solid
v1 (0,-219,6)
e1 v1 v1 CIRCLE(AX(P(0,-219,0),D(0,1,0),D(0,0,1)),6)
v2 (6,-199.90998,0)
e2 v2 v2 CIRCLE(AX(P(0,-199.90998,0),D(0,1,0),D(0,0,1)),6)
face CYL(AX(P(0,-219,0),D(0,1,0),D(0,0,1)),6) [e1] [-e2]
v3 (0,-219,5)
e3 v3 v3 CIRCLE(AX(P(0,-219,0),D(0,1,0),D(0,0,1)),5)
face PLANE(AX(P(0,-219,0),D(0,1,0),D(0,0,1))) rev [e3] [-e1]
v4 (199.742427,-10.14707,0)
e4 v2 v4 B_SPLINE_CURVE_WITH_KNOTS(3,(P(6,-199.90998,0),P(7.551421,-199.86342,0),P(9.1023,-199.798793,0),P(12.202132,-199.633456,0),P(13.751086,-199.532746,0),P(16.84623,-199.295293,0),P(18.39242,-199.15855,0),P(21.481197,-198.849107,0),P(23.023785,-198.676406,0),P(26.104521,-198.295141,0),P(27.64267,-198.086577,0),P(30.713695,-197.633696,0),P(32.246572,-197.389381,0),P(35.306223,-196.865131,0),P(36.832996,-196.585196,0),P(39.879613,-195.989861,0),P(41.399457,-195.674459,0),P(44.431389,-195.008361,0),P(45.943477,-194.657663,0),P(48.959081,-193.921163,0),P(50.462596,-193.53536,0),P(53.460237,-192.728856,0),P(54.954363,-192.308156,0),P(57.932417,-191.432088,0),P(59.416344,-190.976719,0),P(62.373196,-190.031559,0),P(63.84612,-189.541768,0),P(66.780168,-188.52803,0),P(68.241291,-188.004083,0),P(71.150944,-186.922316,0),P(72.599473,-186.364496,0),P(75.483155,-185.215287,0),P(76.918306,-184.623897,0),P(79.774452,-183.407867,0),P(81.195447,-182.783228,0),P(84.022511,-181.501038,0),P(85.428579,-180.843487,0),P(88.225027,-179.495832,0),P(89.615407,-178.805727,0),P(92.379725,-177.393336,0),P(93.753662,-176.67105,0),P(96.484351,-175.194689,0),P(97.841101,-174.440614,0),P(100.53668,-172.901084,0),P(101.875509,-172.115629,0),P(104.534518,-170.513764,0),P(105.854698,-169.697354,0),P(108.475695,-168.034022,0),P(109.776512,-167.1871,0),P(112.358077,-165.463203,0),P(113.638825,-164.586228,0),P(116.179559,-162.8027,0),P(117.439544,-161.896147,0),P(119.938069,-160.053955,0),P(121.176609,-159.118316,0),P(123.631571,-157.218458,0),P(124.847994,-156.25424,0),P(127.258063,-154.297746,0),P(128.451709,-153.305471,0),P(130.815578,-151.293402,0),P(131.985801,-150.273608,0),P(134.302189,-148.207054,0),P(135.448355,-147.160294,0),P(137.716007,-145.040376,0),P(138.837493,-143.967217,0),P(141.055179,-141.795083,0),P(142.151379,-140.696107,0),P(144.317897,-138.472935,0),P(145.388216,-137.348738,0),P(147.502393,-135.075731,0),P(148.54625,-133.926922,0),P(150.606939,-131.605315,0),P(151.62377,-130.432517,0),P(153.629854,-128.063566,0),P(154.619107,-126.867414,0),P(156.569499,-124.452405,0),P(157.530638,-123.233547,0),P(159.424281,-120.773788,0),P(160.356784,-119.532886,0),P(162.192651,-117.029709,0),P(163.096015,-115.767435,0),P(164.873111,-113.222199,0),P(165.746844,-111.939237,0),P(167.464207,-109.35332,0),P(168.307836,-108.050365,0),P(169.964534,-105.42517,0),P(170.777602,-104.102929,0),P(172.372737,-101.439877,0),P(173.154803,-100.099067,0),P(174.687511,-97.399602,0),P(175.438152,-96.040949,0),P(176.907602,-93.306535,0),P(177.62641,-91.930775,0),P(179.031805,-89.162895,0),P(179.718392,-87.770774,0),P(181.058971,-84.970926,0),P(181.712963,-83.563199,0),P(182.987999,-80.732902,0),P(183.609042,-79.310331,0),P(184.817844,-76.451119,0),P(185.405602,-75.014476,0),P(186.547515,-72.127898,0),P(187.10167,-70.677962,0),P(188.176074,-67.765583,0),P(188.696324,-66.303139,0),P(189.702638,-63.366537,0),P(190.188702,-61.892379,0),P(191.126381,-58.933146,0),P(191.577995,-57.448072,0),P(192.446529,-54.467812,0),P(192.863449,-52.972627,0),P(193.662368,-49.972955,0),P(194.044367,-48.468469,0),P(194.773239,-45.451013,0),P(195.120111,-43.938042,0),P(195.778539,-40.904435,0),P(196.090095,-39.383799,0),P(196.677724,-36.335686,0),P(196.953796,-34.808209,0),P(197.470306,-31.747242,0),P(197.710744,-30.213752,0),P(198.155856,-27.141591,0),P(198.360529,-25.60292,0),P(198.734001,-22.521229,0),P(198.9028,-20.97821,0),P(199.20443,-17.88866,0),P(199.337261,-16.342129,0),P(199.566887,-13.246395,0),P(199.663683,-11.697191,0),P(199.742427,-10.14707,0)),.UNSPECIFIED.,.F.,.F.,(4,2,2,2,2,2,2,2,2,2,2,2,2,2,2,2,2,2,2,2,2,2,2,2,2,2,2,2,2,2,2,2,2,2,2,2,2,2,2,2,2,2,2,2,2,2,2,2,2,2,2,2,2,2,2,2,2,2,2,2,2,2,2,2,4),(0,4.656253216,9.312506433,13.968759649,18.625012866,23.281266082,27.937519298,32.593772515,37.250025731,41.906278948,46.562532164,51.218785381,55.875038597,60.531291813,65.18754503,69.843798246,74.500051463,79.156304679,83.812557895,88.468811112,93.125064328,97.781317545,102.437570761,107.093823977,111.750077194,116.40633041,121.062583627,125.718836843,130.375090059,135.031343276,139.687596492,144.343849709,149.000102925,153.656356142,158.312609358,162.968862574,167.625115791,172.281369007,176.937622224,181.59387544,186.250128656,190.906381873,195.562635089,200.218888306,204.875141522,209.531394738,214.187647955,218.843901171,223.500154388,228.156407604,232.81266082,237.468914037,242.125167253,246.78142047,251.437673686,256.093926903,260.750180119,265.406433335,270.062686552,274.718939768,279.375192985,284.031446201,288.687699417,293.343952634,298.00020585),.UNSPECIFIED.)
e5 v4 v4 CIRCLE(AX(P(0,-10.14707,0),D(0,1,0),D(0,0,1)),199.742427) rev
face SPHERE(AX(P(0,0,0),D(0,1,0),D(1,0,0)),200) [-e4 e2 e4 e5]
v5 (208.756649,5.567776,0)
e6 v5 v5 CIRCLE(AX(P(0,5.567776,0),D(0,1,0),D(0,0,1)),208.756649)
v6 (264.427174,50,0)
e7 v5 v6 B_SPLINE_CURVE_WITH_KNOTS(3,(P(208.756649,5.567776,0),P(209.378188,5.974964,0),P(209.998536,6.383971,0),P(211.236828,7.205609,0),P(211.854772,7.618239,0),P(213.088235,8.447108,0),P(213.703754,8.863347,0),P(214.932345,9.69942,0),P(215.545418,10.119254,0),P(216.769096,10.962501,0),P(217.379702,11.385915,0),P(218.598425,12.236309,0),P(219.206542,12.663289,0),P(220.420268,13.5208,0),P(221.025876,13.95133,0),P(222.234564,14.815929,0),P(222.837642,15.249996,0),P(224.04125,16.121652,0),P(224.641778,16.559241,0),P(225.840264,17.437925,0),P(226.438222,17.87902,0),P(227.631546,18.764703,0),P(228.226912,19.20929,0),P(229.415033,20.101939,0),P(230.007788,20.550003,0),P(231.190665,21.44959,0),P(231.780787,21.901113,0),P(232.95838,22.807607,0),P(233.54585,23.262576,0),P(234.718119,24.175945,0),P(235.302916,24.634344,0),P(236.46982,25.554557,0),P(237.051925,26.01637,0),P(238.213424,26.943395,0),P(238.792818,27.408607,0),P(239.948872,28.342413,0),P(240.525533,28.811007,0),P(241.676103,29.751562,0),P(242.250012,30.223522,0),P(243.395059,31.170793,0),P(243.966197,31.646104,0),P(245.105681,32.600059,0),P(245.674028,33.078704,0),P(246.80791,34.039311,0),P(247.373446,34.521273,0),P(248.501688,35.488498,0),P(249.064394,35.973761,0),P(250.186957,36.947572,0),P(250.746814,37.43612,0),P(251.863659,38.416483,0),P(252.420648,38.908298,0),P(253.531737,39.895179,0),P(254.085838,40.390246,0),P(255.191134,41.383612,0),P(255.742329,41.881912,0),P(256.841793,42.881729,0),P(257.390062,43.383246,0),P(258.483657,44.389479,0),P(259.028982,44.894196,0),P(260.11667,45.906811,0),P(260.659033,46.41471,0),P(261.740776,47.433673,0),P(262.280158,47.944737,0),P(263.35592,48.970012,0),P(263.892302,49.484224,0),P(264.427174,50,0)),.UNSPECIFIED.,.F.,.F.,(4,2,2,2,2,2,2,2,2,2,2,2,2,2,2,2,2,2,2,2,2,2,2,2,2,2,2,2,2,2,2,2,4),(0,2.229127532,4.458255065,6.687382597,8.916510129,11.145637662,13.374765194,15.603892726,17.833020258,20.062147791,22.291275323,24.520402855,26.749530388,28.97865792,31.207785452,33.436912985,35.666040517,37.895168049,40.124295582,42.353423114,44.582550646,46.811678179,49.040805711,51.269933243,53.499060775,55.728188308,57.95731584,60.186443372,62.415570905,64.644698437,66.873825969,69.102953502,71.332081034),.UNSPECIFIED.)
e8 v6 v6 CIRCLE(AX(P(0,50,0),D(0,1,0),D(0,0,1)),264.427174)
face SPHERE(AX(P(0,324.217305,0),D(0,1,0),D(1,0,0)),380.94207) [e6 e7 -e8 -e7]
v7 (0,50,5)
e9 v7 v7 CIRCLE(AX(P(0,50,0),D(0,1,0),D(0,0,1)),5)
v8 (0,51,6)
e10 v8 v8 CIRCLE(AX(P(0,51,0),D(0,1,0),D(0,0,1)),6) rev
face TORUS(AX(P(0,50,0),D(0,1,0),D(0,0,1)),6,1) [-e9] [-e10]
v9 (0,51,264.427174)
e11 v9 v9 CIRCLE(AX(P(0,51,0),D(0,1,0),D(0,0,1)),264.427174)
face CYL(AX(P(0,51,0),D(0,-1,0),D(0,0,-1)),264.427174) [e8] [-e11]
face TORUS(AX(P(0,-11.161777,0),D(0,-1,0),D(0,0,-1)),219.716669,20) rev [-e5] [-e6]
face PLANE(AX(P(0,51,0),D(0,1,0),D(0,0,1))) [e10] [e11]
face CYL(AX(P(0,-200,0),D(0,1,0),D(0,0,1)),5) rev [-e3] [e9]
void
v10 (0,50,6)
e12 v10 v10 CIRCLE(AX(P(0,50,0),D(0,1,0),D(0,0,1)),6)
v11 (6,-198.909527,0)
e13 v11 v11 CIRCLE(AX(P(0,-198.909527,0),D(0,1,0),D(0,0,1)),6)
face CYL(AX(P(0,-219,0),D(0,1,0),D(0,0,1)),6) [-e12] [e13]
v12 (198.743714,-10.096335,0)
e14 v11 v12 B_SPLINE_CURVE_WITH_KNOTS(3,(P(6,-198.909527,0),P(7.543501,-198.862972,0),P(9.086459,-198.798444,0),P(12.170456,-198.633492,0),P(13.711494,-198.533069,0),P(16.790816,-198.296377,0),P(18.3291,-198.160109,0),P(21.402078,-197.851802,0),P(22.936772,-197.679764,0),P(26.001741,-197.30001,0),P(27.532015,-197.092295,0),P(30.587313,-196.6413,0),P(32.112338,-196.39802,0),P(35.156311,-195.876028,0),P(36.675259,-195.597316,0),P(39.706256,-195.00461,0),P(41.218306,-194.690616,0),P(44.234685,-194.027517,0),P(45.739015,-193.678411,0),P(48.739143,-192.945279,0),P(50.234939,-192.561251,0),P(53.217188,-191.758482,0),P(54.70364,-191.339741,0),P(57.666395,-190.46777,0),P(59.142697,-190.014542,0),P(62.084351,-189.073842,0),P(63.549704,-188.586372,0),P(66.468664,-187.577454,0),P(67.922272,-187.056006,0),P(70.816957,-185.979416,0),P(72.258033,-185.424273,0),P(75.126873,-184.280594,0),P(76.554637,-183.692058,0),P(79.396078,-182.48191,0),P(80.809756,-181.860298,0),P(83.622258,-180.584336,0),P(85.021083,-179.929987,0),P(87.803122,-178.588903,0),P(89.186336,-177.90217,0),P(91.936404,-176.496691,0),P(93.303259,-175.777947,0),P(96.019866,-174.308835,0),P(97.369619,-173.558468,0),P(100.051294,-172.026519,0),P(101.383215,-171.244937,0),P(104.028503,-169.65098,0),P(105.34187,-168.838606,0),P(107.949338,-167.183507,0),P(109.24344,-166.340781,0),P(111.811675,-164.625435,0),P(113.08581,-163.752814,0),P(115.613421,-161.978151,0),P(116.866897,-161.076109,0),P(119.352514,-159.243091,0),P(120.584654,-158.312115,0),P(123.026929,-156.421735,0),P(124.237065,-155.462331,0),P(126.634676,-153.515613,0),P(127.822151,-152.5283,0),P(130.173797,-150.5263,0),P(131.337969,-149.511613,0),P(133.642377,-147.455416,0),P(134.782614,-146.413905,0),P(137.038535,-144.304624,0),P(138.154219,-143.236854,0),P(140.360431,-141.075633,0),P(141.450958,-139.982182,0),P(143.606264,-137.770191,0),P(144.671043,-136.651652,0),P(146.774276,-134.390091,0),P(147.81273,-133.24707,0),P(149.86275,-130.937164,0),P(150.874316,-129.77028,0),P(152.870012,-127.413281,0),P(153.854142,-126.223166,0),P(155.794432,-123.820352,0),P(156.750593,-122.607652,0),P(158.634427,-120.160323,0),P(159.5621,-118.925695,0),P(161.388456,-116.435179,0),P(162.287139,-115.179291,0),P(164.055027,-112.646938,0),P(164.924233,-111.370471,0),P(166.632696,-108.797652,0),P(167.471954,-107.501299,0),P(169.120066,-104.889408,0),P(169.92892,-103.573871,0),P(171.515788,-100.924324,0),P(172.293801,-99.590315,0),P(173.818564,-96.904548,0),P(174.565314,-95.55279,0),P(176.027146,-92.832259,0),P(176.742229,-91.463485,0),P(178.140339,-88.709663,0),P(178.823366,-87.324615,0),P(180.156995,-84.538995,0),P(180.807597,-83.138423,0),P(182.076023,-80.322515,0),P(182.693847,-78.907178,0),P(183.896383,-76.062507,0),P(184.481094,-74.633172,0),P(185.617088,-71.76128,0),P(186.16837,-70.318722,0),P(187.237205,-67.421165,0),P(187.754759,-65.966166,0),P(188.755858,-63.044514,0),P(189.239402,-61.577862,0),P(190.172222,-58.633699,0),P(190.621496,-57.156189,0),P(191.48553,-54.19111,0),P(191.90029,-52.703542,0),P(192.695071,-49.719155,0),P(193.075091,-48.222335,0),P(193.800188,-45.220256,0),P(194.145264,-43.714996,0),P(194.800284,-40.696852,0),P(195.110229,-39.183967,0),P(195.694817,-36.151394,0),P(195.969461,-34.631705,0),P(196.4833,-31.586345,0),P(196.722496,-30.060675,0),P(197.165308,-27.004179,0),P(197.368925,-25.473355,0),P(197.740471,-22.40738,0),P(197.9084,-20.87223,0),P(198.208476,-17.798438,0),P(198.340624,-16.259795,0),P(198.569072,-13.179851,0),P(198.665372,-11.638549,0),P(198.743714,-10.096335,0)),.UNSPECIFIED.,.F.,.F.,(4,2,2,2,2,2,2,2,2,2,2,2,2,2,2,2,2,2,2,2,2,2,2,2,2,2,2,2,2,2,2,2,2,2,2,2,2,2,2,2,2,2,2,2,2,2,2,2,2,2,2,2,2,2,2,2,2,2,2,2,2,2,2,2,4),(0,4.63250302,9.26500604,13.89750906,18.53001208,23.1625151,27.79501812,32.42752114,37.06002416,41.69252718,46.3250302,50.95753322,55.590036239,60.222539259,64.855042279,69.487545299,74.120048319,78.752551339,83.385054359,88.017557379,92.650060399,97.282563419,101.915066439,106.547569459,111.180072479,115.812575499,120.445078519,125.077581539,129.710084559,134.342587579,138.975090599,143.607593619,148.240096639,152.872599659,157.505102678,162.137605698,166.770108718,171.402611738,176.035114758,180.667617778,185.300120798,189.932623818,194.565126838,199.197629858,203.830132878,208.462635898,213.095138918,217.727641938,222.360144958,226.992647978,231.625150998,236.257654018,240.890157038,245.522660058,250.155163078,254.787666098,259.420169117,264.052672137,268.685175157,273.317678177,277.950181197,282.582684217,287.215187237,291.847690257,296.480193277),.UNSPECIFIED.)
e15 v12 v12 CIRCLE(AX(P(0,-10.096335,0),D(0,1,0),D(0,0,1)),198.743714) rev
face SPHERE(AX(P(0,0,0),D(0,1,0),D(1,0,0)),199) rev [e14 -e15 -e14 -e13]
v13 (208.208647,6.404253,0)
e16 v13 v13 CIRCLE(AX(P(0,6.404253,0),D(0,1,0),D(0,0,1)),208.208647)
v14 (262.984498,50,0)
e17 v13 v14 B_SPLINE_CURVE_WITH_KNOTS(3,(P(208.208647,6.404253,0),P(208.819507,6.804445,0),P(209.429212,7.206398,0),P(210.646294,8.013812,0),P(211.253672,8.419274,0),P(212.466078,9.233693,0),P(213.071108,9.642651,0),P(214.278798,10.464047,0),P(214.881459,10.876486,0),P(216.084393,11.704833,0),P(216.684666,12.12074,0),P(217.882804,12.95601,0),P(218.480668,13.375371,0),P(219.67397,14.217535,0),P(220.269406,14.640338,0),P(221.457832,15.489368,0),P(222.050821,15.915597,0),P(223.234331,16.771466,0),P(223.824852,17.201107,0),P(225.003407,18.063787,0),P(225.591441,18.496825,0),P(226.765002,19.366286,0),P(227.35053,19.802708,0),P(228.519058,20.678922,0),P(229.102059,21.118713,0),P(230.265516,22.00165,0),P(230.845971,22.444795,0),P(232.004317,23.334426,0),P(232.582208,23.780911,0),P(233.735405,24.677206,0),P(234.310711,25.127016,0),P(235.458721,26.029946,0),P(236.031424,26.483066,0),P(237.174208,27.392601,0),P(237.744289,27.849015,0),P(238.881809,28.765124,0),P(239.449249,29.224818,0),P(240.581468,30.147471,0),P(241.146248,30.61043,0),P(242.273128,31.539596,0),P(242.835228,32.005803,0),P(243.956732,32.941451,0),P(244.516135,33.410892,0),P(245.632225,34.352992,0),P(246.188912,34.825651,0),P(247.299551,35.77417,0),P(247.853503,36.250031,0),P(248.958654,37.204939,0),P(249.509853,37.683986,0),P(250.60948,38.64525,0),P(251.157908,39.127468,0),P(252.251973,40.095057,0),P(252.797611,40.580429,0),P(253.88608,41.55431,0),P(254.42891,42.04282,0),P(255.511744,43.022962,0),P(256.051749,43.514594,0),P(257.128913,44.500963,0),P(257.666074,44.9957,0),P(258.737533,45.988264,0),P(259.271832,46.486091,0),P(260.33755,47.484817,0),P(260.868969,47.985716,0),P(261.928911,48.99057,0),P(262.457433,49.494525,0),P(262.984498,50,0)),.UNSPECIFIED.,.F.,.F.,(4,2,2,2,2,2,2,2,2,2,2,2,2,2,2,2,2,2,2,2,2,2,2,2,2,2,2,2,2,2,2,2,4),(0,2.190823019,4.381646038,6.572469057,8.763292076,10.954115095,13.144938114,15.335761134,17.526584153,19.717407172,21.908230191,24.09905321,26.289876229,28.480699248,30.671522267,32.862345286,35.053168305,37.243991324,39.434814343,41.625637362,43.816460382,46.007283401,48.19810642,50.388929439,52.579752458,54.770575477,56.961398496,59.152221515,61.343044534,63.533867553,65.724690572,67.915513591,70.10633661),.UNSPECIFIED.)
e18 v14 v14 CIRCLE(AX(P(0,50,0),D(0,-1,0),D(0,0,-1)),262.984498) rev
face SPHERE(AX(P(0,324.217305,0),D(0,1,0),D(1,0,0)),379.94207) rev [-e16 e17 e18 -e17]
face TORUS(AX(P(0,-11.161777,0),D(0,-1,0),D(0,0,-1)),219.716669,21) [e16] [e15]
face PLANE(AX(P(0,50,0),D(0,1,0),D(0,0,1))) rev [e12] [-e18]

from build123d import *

# Parameters (mm, degrees)
FILLET1_R           = 20
SHELL1_T            = -1
SKETCH3_R           = 264.42717426
BOSS_EXTRUDE1_DEPTH = 1
SKETCH4_R           = 5
CUT_EXTRUDE1_DEPTH  = 451.38257191
SKETCH6_R           = 6
SKETCH6_R_2         = 5
BOSS_EXTRUDE2_DEPTH = 270
FILLET2_R           = 1


with BuildPart() as part:
    # Sketch2 → Revolve1 (revolve)
    with BuildSketch(Plane.XY):
        with BuildLine():
            Line((0, 50), (0, -200))
            ThreePointArc((0, -200), (141.421356237, -141.421356237), (200, 0))
            ThreePointArc((200, 0), (233.555453903, 23.270946312), (264.42717426, 50))
            Line((264.42717426, 50), (0, 50))
        make_face()
    revolve(axis=Axis((0, 50, 0), (0, -1, 0)))

    # Fillet1
    fillet1_edges = [part.edges().sort_by_distance(p)[0] for p in [
        (-200, 0, 0),
    ]]
    fillet(fillet1_edges, radius=FILLET1_R)

    # Shell1
    shell1_openings = [part.faces().sort_by_distance(p)[0] for p in [
        (0, 50, 0),
    ]]
    offset(amount=SHELL1_T, openings=shell1_openings, kind=Kind.INTERSECTION)

    # Sketch3 → Boss-Extrude1 (add)
    with BuildSketch(Plane(origin=(0, 50, 0), x_dir=(1, 0, 0), z_dir=(0, 1, 0))):
        Circle(SKETCH3_R)
    extrude(amount=BOSS_EXTRUDE1_DEPTH)

    # Sketch4 → Cut-Extrude1 (cut, through all)
    with BuildSketch(Plane(origin=(0, 51, 0), x_dir=(1, 0, 0), z_dir=(0, 1, 0))):
        with Locations(Location((0, 0, 0), (0, 0, 270))):
            Circle(SKETCH4_R)
    extrude(amount=-CUT_EXTRUDE1_DEPTH, mode=Mode.SUBTRACT)

    # Sketch6 → Boss-Extrude2 (add)
    with BuildSketch(Plane(origin=(0, 51, 0), x_dir=(1, 0, 0), z_dir=(0, 1, 0))):
        with Locations(Location((0, 0, 0), (0, 0, 270))):
            Circle(SKETCH6_R)
        with Locations(Location((0, 0, 0), (0, 0, 270))):
            Circle(SKETCH6_R_2, mode=Mode.SUBTRACT)
    extrude(amount=-BOSS_EXTRUDE2_DEPTH)

    # Fillet2
    fillet2_edges = [part.edges().sort_by_distance(p)[0] for p in [
        (0, 51, -5),
    ]]
    fillet(fillet2_edges, radius=FILLET2_R)


solid = part.part
